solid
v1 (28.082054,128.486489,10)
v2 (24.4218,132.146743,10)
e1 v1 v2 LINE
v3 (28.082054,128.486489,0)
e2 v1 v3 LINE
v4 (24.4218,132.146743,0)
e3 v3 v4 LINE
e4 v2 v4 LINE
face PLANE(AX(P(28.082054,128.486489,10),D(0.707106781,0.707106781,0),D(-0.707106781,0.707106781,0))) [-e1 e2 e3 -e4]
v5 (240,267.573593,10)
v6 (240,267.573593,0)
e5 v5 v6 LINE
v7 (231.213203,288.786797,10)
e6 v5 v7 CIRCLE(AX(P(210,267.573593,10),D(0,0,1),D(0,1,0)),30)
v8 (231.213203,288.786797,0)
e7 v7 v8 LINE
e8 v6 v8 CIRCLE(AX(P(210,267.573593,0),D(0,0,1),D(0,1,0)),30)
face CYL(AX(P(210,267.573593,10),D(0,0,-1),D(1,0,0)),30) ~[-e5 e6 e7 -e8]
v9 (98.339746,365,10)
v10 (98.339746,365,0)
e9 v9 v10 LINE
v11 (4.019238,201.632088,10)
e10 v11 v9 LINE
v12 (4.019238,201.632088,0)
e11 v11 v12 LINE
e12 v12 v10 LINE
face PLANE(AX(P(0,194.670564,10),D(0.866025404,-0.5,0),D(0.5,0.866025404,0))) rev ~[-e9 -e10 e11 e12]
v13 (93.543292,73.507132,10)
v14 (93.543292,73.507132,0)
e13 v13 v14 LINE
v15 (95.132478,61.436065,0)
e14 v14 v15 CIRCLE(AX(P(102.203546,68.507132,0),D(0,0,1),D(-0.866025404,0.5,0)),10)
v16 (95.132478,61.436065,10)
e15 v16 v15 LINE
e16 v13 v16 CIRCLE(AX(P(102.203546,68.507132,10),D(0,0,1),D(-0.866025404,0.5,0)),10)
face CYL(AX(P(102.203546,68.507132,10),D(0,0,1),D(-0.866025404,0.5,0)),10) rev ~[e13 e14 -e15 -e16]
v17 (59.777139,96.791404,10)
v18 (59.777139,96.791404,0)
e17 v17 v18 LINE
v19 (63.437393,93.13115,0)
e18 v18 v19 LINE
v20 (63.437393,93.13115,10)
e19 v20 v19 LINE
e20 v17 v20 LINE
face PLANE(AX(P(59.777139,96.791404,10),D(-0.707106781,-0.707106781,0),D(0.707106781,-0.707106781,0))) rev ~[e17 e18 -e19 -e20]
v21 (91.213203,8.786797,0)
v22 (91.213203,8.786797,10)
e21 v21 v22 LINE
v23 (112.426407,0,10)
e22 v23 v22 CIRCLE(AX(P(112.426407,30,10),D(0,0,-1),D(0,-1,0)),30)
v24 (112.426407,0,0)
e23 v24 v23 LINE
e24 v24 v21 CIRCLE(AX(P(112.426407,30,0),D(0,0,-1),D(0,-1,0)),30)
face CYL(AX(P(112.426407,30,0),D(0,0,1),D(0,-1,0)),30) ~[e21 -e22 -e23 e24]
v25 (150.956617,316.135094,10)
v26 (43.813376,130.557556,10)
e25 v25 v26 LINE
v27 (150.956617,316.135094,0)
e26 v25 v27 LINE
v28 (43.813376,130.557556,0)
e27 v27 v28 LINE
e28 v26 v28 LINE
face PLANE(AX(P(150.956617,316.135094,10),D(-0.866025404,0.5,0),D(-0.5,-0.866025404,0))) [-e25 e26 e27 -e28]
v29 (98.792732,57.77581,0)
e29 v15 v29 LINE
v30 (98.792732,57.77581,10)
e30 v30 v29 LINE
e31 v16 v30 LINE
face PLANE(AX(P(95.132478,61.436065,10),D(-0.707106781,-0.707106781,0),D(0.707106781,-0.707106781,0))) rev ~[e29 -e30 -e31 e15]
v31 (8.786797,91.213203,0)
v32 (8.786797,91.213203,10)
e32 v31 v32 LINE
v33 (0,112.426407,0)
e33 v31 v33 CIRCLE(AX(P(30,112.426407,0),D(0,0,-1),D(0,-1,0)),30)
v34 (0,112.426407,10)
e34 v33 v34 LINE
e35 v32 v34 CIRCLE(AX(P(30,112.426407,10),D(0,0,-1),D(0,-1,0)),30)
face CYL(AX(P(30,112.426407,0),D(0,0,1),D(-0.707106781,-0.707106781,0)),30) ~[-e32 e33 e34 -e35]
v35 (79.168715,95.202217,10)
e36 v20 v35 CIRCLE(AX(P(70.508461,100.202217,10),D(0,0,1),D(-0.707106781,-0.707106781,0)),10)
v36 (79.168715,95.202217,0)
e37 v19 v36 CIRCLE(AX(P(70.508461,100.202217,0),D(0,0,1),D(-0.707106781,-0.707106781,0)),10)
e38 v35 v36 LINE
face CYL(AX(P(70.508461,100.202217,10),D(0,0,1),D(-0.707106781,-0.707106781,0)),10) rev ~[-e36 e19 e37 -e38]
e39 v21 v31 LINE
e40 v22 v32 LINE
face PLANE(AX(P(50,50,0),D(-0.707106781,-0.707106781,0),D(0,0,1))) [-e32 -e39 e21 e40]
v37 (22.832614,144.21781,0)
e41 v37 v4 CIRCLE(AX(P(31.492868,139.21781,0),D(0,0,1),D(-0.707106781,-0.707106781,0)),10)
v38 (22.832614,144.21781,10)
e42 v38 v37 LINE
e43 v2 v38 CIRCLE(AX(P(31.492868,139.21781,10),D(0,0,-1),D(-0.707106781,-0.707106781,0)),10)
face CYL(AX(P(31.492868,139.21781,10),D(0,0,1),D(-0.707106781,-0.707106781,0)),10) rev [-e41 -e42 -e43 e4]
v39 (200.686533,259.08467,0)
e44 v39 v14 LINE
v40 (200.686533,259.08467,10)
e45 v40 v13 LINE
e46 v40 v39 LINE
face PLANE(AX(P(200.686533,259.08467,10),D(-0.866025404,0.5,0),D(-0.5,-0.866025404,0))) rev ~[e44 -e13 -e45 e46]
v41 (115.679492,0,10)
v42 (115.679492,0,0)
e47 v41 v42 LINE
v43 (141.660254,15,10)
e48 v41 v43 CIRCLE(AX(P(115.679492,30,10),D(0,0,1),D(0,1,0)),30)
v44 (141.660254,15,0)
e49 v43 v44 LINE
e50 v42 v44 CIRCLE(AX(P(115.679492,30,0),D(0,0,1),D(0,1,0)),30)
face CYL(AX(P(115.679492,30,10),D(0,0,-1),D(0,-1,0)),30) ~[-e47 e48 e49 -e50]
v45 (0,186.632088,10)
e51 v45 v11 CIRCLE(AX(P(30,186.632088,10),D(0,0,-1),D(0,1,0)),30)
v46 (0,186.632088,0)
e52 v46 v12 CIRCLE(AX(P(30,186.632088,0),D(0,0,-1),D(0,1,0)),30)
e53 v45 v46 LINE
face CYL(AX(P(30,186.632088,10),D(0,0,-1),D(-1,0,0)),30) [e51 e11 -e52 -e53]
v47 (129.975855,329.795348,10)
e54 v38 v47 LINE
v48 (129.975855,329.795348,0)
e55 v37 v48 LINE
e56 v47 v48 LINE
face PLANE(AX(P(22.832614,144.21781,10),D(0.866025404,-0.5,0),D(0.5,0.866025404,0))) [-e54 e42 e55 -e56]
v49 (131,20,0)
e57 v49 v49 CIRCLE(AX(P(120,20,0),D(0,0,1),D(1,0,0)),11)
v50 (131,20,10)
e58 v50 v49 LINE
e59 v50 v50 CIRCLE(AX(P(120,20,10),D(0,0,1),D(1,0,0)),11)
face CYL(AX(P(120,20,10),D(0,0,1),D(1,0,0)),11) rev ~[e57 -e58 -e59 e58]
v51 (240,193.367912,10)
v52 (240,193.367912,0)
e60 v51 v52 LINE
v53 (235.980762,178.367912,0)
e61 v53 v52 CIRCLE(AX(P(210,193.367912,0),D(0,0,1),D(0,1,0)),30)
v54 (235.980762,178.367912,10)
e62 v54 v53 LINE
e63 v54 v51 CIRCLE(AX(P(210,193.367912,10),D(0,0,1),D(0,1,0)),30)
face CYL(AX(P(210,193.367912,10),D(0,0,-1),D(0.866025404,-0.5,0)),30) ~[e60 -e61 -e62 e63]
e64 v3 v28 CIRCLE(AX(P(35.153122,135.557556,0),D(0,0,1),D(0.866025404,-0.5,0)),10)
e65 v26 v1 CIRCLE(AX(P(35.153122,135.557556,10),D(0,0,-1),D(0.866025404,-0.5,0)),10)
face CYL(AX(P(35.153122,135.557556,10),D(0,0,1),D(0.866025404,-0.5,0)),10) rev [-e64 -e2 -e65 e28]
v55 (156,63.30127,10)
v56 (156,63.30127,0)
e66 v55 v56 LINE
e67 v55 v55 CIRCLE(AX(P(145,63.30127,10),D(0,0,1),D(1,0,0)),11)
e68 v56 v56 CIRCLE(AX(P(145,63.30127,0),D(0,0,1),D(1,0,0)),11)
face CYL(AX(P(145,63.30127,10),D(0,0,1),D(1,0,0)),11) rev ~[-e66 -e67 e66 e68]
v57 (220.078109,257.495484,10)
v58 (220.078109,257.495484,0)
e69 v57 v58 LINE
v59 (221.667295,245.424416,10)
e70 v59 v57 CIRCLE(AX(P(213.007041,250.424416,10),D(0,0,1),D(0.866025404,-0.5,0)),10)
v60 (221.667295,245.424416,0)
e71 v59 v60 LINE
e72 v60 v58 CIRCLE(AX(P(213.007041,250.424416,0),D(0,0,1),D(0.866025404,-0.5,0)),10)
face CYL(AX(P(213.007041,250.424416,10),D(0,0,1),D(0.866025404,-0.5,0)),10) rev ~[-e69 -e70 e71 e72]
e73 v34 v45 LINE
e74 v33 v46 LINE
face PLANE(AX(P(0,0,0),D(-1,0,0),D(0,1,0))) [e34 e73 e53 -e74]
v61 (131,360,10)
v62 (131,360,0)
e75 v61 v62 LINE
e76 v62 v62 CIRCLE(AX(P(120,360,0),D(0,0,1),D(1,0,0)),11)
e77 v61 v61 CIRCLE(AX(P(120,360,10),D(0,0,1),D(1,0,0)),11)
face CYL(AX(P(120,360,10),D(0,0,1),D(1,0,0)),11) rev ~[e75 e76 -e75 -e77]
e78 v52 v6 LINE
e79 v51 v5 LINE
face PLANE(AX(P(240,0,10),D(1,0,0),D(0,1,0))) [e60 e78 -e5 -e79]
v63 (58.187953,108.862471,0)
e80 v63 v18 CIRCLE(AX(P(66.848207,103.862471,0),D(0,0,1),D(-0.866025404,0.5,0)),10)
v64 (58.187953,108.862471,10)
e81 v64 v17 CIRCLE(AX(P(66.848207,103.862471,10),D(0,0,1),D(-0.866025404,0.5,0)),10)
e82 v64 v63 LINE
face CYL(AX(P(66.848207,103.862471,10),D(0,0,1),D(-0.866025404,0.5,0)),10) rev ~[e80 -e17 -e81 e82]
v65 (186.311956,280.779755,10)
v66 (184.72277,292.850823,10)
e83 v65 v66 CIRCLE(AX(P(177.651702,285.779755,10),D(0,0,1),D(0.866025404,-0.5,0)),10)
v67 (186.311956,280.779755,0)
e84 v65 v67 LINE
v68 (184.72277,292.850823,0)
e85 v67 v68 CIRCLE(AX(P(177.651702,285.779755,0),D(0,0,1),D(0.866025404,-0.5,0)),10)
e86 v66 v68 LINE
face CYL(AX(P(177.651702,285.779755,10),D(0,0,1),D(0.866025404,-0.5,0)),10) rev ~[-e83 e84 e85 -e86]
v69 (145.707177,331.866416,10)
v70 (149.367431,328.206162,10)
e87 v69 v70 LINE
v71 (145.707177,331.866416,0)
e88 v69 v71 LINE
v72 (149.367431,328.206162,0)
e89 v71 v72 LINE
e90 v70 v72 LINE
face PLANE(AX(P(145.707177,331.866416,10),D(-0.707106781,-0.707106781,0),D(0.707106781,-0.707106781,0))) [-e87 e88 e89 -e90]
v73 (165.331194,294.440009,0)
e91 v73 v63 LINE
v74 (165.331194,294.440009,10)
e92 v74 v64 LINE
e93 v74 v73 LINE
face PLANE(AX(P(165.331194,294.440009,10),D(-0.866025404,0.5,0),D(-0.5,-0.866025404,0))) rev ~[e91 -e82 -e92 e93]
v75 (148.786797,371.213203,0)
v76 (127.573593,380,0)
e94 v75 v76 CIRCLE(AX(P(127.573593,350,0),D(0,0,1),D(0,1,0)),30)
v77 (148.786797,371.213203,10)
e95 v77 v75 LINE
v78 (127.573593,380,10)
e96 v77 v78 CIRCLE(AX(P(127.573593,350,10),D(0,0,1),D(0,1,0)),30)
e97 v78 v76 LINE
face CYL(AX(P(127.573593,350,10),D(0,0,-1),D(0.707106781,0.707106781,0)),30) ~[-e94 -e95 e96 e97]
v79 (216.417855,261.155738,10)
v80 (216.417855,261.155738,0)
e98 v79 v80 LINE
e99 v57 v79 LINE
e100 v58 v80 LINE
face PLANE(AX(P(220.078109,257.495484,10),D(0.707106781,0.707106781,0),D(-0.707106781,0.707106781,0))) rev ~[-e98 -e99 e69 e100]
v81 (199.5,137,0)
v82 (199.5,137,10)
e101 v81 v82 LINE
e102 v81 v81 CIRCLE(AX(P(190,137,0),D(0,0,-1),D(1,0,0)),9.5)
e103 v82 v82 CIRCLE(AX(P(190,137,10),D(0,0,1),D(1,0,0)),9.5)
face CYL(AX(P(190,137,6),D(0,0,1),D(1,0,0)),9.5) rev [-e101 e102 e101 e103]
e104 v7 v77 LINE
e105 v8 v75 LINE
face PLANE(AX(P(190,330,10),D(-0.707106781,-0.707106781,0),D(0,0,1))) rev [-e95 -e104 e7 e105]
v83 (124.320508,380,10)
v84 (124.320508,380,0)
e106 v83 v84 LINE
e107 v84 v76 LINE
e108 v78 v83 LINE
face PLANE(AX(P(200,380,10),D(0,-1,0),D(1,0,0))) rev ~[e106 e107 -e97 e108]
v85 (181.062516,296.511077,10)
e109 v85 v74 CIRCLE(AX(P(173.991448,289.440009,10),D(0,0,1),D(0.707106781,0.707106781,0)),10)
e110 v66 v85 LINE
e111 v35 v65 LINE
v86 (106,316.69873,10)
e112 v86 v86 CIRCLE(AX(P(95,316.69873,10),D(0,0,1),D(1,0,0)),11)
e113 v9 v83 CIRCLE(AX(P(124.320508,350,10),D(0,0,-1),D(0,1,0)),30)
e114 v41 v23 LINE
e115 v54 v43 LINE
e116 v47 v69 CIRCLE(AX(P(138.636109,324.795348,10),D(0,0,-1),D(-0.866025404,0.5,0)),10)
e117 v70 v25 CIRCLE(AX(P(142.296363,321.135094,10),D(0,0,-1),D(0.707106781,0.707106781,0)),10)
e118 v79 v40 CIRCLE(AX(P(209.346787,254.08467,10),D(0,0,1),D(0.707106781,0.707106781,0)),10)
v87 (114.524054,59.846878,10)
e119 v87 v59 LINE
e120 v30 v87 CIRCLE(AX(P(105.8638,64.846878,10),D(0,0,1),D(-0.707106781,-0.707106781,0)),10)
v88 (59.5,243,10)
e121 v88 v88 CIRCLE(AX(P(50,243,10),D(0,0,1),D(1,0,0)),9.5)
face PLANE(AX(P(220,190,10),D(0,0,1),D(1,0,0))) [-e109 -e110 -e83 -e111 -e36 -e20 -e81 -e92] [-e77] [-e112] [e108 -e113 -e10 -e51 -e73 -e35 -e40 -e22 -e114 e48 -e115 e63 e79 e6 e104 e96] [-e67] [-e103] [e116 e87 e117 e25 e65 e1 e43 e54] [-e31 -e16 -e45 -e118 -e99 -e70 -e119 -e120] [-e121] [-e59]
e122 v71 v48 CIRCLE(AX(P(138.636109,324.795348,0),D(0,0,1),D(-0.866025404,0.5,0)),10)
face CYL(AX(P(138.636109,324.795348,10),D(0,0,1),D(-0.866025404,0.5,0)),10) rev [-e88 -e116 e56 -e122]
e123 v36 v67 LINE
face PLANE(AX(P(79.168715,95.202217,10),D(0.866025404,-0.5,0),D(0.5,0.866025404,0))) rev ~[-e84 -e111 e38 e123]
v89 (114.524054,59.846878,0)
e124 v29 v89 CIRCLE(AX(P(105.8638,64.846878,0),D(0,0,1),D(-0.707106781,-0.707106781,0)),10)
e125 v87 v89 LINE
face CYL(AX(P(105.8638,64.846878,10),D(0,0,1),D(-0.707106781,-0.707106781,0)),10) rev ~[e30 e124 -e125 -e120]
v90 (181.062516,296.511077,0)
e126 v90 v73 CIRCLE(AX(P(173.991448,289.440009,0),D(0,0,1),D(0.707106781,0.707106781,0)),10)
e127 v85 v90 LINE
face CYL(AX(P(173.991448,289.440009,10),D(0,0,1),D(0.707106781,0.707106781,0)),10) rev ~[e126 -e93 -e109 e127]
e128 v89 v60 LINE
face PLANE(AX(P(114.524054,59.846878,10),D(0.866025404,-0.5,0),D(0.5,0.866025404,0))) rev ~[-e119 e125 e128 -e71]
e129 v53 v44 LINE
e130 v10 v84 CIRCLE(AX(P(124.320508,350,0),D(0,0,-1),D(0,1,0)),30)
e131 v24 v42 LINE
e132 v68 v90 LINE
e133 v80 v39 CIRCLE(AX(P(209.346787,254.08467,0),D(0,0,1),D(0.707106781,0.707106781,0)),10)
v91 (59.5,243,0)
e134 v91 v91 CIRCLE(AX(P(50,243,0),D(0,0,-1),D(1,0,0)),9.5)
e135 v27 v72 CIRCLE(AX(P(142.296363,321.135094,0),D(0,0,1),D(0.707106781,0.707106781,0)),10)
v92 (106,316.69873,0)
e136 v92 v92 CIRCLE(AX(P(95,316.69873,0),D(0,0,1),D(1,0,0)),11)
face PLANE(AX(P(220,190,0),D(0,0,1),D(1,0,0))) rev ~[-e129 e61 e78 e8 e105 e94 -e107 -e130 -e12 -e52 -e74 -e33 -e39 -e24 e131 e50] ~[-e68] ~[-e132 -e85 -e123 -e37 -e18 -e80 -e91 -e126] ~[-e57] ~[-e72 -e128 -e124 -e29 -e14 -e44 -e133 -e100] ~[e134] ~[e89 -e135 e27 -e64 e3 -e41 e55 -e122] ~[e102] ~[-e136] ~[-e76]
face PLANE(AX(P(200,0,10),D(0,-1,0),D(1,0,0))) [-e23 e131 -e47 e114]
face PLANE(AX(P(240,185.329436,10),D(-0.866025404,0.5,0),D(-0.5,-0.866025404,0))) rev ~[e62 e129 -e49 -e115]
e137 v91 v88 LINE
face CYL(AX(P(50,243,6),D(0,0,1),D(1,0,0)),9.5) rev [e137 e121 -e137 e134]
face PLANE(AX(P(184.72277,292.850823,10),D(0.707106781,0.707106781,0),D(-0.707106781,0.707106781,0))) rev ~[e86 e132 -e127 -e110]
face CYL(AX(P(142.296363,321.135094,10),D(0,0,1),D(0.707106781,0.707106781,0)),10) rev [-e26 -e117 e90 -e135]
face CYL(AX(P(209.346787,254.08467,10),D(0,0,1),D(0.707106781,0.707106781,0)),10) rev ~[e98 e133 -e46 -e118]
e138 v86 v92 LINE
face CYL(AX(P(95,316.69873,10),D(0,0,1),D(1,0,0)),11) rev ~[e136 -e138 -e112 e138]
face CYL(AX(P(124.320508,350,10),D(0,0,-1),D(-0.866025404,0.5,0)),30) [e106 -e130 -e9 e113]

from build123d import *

# Parameters (mm, degrees)
SKETCH_1_W           = 200
SKETCH_1_H           = 380
EXTRUDE_1_DEPTH      = 10
SKETCH_2_R           = 11
CUT_EXTRUDE_1_DEPTH  = 430.534631898
SKETCH_3_R           = 8
CUT_EXTRUDE_2_DEPTH  = 430.534631898
SKETCH_4_R           = 9.5
CUT_EXTRUDE_3_DEPTH  = 6
CUT_EXTRUDE_START    = -6
SKETCH_5_R           = 9.5
CUT_EXTRUDE_4_DEPTH  = 6
SKETCH_6_R           = 11
CUT_EXTRUDE_5_DEPTH  = 430.534631898
SKETCH_7_R           = 8
CUT_EXTRUDE_6_DEPTH  = 430.534631898
SKETCH_8_R           = 9.5
CUT_EXTRUDE_7_DEPTH  = 6
SKETCH_9_R           = 9.5
CUT_EXTRUDE_8_DEPTH  = 6
SKETCH_10_W          = 40
SKETCH_10_H          = 380
EXTRUDE_3_DEPTH      = 10
CUT_EXTRUDE_9_DEPTH  = 450.55533586
CHAMFER_1_SIZE       = 100
FILLET_1_R           = 30
CUT_EXTRUDE_10_DEPTH = 450.55533586


with BuildPart() as part:
    # 草图1 → 凸台-拉伸1 (new body)
    with BuildSketch(Plane.XY):
        with Locations((100, 190)):
            Rectangle(SKETCH_1_W, SKETCH_1_H)
    extrude(amount=EXTRUDE_1_DEPTH)

    # 草图2 → 切除-拉伸1 (cut, through all)
    with BuildSketch(Plane.XY.offset(10)):
        with Locations((120, 20)):
            Circle(SKETCH_2_R)
        with Locations((145, 63.301270189)):
            Circle(SKETCH_2_R)
    extrude(amount=-CUT_EXTRUDE_1_DEPTH, mode=Mode.SUBTRACT)

    # 草图3 → 切除-拉伸2 (cut, through all)
    with BuildSketch(Plane.XY.offset(10)):
        with Locations((50, 243)):
            Circle(SKETCH_3_R)
    extrude(amount=-CUT_EXTRUDE_2_DEPTH, mode=Mode.SUBTRACT)

    # 草图4 → 切除-拉伸3 (cut)
    with BuildSketch(Plane.XY.offset(10)):
        with Locations((50, 243)):
            Circle(SKETCH_4_R)
    extrude(amount=-CUT_EXTRUDE_3_DEPTH, mode=Mode.SUBTRACT)

    # 草图5 → 切除-拉伸4 (cut)
    with BuildSketch(Plane(origin=(0, 0, 0), x_dir=(-1, 0, 0), z_dir=(0, 0, -1)).offset(CUT_EXTRUDE_START)):
        with Locations(Location((-50, 243, 0), (0, 0, 180))):
            Circle(SKETCH_5_R)
    extrude(amount=CUT_EXTRUDE_4_DEPTH, mode=Mode.SUBTRACT)

    # 草图6 → 切除-拉伸5 (cut, through all)
    with BuildSketch(Plane.XY.offset(10)):
        with Locations((95, 316.698729811)):
            Circle(SKETCH_6_R)
        with Locations((120, 360)):
            Circle(SKETCH_6_R)
    extrude(amount=-CUT_EXTRUDE_5_DEPTH, mode=Mode.SUBTRACT)

    # 草图7 → 切除-拉伸6 (cut, through all)
    with BuildSketch(Plane.XY.offset(10)):
        with Locations((190, 137)):
            Circle(SKETCH_7_R)
    extrude(amount=-CUT_EXTRUDE_6_DEPTH, mode=Mode.SUBTRACT)

    # 草图8 → 切除-拉伸7 (cut)
    with BuildSketch(Plane.XY.offset(10)):
        with Locations((190, 137)):
            Circle(SKETCH_8_R)
    extrude(amount=-CUT_EXTRUDE_7_DEPTH, mode=Mode.SUBTRACT)

    # 草图9 → 切除-拉伸8 (cut)
    with BuildSketch(Plane(origin=(0, 0, 0), x_dir=(-1, 0, 0), z_dir=(0, 0, -1)).offset(CUT_EXTRUDE_START)):
        with Locations(Location((-190, 137, 0), (0, 0, 180))):
            Circle(SKETCH_9_R)
    extrude(amount=CUT_EXTRUDE_8_DEPTH, mode=Mode.SUBTRACT)

    # 草图10 → 凸台-拉伸3 (add)
    with BuildSketch(Plane.XY.offset(10)):
        with Locations((220, 190)):
            Rectangle(SKETCH_10_W, SKETCH_10_H)
    extrude(amount=-EXTRUDE_3_DEPTH)

    # 草图11 → 切除-拉伸9 (cut, through all)
    with BuildSketch(Plane.XY.offset(10)):
        Polygon((240, 185.32943641), (133, 0), (240, 0), align=None)
        Polygon((0, 380), (0, 194.67056359), (107, 380), align=None)
    extrude(amount=-CUT_EXTRUDE_9_DEPTH, mode=Mode.SUBTRACT)

    # 倒角1
    chamfer_1_edges = [part.edges().sort_by_distance(p)[0] for p in [
        (240, 380, 5),
        (0, 0, 5),
    ]]
    chamfer(chamfer_1_edges, length=CHAMFER_1_SIZE)

    # 圆角1
    fillet_1_edges = [part.edges().sort_by_distance(p)[0] for p in [
        (240, 280, 5),
        (140, 380, 5),
        (100, 0, 5),
        (0, 100, 5),
        (240, 185.32943641, 5),
        (133, 0, 5),
        (107, 380, 5),
        (0, 194.67056359, 5),
    ]]
    fillet(fillet_1_edges, radius=FILLET_1_R)

    # 草图12 → 切除-拉伸10 (cut, through all)
    with BuildSketch(Plane.XY.offset(10)):
        with BuildLine():
            Line((28.082053888, 128.486488607), (24.42179985, 132.146742645))
            ThreePointArc((24.42179985, 132.146742645), (21.578419048, 137.912548534), (22.832613624, 144.217810457))
            Line((22.832613624, 144.217810457), (129.975855095, 329.795348372))
            ThreePointArc((129.975855095, 329.795348372), (137.330847211, 334.709796986), (145.707176945, 331.866416184))
            Line((145.707176945, 331.866416184), (149.367430983, 328.206162146))
            ThreePointArc((149.367430983, 328.206162146), (152.210811785, 322.440356256), (150.956617209, 316.135094334))
            Line((150.956617209, 316.135094334), (43.813375738, 130.557556419))
            ThreePointArc((43.813375738, 130.557556419), (36.458383622, 125.643107805), (28.082053888, 128.486488607))
        make_face()
        with BuildLine():
            Line((165.331194154, 294.440009313), (58.187952683, 108.862471397))
            ThreePointArc((58.187952683, 108.862471397), (56.933758108, 102.557209475), (59.777138909, 96.791403586))
            Line((59.777138909, 96.791403586), (63.437392947, 93.131149548))
            ThreePointArc((63.437392947, 93.131149548), (71.813722681, 90.287768746), (79.168714797, 95.20221736))
            Line((79.168714797, 95.20221736), (186.311956268, 280.779755275))
            ThreePointArc((186.311956268, 280.779755275), (187.566150844, 287.085017197), (184.722770042, 292.850823087))
            Line((184.722770042, 292.850823087), (181.062516004, 296.511077125))
            ThreePointArc((181.062516004, 296.511077125), (172.68618627, 299.354457927), (165.331194154, 294.440009313))
        make_face()
        with BuildLine():
            Line((200.686533214, 259.084670253), (93.543291743, 73.507132338))
            ThreePointArc((93.543291743, 73.507132338), (92.289097167, 67.201870416), (95.132477969, 61.436064526))
            Line((95.132477969, 61.436064526), (98.792732007, 57.775810488))
            ThreePointArc((98.792732007, 57.775810488), (107.169061741, 54.932429686), (114.524053856, 59.8468783))
            Line((114.524053856, 59.8468783), (221.667295327, 245.424416216))
            ThreePointArc((221.667295327, 245.424416216), (222.921489903, 251.729678138), (220.078109101, 257.495484027))
            Line((220.078109101, 257.495484027), (216.417855063, 261.155738065))
            ThreePointArc((216.417855063, 261.155738065), (208.041525329, 263.999118867), (200.686533214, 259.084670253))
        make_face()
    extrude(amount=-CUT_EXTRUDE_10_DEPTH, mode=Mode.SUBTRACT)


solid = part.part
